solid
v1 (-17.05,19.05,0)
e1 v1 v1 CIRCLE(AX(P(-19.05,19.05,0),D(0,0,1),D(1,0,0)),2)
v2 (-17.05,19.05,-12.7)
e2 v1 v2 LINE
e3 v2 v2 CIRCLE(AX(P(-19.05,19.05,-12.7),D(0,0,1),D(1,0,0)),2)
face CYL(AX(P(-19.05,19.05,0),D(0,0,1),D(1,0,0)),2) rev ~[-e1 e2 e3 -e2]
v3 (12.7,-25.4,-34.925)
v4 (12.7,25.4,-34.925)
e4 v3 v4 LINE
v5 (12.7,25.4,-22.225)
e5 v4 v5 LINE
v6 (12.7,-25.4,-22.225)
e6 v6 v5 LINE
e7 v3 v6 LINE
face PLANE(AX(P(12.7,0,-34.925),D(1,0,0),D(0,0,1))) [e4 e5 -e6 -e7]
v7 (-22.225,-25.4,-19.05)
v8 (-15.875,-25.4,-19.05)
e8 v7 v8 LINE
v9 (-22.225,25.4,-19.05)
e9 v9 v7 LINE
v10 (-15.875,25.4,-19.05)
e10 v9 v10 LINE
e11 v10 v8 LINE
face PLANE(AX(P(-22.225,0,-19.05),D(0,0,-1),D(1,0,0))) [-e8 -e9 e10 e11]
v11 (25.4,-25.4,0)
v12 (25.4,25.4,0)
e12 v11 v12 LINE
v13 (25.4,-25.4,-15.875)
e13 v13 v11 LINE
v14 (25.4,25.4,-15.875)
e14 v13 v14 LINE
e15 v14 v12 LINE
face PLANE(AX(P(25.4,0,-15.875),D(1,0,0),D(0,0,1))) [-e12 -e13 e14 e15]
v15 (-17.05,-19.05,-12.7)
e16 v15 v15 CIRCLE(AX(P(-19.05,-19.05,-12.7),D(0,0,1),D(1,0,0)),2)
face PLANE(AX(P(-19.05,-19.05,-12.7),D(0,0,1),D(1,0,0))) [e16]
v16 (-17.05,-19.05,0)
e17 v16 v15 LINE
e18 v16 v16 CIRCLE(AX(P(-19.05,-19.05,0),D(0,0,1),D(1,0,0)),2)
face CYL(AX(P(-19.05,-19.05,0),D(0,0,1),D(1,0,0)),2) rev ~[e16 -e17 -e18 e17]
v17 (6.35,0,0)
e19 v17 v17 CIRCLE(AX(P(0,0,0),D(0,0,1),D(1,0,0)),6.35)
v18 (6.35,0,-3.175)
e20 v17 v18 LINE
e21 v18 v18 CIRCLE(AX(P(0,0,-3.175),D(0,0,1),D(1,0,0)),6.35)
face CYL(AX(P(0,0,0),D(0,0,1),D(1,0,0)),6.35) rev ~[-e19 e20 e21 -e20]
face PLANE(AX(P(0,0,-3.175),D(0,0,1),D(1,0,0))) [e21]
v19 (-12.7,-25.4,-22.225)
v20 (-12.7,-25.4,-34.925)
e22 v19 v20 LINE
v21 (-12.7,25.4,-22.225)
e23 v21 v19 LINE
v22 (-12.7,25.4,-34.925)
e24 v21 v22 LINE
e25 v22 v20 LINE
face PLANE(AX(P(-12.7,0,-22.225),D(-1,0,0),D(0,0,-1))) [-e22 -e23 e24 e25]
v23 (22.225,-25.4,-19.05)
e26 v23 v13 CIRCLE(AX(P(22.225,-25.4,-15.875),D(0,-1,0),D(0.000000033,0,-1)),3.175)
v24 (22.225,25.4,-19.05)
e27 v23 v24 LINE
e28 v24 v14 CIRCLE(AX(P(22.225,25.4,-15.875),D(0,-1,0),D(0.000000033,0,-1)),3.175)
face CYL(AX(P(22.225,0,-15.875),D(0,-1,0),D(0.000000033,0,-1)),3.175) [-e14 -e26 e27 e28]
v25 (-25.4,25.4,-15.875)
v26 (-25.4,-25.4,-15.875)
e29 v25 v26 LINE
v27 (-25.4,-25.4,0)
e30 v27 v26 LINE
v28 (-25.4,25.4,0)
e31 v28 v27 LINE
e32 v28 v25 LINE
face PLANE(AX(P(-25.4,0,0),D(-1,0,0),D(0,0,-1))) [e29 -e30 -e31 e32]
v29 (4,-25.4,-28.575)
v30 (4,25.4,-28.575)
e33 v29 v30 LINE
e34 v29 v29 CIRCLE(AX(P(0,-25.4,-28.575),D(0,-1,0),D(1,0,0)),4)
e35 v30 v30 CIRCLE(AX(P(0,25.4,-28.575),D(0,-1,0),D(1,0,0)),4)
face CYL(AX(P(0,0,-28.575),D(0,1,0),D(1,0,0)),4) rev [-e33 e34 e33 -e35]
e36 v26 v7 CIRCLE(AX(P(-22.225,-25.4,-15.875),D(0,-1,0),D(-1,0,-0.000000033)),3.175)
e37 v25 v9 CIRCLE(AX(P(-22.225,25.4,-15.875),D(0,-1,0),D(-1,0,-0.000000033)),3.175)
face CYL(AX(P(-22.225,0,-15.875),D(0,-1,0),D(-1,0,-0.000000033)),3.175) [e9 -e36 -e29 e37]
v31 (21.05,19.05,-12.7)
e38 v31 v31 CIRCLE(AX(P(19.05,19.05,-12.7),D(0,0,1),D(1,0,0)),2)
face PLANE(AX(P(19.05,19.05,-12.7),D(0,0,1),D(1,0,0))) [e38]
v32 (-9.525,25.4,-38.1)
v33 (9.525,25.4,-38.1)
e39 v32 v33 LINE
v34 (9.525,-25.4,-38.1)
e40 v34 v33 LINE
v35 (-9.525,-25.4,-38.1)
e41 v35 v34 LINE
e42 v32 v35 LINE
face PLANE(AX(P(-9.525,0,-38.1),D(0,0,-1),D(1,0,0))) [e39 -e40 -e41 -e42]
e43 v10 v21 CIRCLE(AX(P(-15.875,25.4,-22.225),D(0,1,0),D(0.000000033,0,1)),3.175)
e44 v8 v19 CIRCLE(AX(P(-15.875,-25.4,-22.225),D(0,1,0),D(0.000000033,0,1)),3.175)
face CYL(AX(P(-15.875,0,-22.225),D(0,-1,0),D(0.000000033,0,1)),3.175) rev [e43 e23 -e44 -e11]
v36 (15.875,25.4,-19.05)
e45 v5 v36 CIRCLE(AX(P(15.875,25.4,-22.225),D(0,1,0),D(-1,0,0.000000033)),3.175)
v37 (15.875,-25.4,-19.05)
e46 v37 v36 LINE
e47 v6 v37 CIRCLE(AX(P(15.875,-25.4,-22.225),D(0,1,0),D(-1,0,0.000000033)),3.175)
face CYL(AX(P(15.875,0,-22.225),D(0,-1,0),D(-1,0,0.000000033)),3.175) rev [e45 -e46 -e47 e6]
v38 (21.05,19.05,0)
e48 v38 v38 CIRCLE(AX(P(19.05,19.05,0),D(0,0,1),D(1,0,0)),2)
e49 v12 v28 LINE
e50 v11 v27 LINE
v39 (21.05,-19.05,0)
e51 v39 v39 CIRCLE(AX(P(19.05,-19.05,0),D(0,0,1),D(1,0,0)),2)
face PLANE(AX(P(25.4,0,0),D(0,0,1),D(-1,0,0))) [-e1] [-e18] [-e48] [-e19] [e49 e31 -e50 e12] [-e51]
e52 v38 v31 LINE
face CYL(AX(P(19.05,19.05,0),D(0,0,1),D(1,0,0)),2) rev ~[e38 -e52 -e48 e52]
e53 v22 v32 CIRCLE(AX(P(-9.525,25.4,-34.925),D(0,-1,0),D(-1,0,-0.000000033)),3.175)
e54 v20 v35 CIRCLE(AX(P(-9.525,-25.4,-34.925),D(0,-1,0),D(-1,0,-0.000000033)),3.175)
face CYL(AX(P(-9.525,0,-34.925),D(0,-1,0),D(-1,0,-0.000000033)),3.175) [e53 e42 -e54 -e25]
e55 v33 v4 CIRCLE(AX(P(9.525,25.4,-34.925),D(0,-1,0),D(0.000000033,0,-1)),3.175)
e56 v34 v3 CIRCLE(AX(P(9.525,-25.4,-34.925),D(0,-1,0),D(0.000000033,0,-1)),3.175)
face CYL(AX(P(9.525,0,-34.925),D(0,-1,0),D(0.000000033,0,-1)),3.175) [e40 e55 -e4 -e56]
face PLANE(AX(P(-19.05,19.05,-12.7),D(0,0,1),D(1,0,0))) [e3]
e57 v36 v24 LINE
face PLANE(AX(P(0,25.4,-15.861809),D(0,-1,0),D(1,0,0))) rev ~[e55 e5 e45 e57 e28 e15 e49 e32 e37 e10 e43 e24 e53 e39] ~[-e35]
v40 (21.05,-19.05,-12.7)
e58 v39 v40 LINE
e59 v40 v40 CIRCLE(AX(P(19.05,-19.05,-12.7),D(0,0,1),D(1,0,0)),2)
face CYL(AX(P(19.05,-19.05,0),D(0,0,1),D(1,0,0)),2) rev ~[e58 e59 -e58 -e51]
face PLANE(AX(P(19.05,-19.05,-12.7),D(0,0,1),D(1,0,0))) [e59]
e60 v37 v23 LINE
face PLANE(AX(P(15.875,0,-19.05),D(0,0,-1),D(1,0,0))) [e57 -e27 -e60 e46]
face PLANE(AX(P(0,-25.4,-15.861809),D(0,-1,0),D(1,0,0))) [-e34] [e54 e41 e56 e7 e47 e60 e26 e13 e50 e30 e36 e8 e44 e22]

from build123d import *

# Parameters (mm, degrees)
F0_R     = 4
F1_DEPTH = 25.4
F2_R     = 2
F3_DEPTH = 12.7
F4_R     = 6.35
F5_DEPTH = 3.175


with BuildPart() as f1:
    # F0 (on Front) → F1 (new body, symmetric)
    with BuildSketch(Plane.XZ):
        with BuildLine():
            Line((25.4, 0), (-25.4, 0))
            Line((-25.4, 0), (-25.4, -15.875))
            ThreePointArc((-25.4, -15.875), (-24.470064, -18.120064), (-22.225, -19.05))
            Line((-22.225, -19.05), (-15.875, -19.05))
            ThreePointArc((-15.875, -19.05), (-13.629936, -19.979936), (-12.7, -22.225))
            Line((-12.7, -22.225), (-12.7, -34.925))
            ThreePointArc((-12.7, -34.925), (-11.770064, -37.170064), (-9.525, -38.1))
            Line((-9.525, -38.1), (9.525, -38.1))
            ThreePointArc((9.525, -38.1), (11.770064, -37.170064), (12.7, -34.925))
            Line((12.7, -34.925), (12.7, -22.225))
            ThreePointArc((12.7, -22.225), (13.629936, -19.979936), (15.875, -19.05))
            Line((15.875, -19.05), (22.225, -19.05))
            ThreePointArc((22.225, -19.05), (24.470064, -18.120064), (25.4, -15.875))
            Line((25.4, -15.875), (25.4, 0))
        make_face()
        with Locations((0, -28.575)):
            Circle(F0_R, mode=Mode.SUBTRACT)
    extrude(amount=F1_DEPTH, both=True)

    # F2 (on face) → F3 (cut)
    with BuildSketch(Plane.XY):
        with Locations((-19.05, -19.05)):
            Circle(F2_R)
        with Locations((19.05, -19.05)):
            Circle(F2_R)
        with Locations((19.05, 19.05)):
            Circle(F2_R)
        with Locations((-19.05, 19.05)):
            Circle(F2_R)
    extrude(amount=-F3_DEPTH, mode=Mode.SUBTRACT)

    # F4 (on face) → F5 (cut)
    with BuildSketch(Plane.XY):
        Circle(F4_R)
    extrude(amount=-F5_DEPTH, mode=Mode.SUBTRACT)


solid = f1.part
